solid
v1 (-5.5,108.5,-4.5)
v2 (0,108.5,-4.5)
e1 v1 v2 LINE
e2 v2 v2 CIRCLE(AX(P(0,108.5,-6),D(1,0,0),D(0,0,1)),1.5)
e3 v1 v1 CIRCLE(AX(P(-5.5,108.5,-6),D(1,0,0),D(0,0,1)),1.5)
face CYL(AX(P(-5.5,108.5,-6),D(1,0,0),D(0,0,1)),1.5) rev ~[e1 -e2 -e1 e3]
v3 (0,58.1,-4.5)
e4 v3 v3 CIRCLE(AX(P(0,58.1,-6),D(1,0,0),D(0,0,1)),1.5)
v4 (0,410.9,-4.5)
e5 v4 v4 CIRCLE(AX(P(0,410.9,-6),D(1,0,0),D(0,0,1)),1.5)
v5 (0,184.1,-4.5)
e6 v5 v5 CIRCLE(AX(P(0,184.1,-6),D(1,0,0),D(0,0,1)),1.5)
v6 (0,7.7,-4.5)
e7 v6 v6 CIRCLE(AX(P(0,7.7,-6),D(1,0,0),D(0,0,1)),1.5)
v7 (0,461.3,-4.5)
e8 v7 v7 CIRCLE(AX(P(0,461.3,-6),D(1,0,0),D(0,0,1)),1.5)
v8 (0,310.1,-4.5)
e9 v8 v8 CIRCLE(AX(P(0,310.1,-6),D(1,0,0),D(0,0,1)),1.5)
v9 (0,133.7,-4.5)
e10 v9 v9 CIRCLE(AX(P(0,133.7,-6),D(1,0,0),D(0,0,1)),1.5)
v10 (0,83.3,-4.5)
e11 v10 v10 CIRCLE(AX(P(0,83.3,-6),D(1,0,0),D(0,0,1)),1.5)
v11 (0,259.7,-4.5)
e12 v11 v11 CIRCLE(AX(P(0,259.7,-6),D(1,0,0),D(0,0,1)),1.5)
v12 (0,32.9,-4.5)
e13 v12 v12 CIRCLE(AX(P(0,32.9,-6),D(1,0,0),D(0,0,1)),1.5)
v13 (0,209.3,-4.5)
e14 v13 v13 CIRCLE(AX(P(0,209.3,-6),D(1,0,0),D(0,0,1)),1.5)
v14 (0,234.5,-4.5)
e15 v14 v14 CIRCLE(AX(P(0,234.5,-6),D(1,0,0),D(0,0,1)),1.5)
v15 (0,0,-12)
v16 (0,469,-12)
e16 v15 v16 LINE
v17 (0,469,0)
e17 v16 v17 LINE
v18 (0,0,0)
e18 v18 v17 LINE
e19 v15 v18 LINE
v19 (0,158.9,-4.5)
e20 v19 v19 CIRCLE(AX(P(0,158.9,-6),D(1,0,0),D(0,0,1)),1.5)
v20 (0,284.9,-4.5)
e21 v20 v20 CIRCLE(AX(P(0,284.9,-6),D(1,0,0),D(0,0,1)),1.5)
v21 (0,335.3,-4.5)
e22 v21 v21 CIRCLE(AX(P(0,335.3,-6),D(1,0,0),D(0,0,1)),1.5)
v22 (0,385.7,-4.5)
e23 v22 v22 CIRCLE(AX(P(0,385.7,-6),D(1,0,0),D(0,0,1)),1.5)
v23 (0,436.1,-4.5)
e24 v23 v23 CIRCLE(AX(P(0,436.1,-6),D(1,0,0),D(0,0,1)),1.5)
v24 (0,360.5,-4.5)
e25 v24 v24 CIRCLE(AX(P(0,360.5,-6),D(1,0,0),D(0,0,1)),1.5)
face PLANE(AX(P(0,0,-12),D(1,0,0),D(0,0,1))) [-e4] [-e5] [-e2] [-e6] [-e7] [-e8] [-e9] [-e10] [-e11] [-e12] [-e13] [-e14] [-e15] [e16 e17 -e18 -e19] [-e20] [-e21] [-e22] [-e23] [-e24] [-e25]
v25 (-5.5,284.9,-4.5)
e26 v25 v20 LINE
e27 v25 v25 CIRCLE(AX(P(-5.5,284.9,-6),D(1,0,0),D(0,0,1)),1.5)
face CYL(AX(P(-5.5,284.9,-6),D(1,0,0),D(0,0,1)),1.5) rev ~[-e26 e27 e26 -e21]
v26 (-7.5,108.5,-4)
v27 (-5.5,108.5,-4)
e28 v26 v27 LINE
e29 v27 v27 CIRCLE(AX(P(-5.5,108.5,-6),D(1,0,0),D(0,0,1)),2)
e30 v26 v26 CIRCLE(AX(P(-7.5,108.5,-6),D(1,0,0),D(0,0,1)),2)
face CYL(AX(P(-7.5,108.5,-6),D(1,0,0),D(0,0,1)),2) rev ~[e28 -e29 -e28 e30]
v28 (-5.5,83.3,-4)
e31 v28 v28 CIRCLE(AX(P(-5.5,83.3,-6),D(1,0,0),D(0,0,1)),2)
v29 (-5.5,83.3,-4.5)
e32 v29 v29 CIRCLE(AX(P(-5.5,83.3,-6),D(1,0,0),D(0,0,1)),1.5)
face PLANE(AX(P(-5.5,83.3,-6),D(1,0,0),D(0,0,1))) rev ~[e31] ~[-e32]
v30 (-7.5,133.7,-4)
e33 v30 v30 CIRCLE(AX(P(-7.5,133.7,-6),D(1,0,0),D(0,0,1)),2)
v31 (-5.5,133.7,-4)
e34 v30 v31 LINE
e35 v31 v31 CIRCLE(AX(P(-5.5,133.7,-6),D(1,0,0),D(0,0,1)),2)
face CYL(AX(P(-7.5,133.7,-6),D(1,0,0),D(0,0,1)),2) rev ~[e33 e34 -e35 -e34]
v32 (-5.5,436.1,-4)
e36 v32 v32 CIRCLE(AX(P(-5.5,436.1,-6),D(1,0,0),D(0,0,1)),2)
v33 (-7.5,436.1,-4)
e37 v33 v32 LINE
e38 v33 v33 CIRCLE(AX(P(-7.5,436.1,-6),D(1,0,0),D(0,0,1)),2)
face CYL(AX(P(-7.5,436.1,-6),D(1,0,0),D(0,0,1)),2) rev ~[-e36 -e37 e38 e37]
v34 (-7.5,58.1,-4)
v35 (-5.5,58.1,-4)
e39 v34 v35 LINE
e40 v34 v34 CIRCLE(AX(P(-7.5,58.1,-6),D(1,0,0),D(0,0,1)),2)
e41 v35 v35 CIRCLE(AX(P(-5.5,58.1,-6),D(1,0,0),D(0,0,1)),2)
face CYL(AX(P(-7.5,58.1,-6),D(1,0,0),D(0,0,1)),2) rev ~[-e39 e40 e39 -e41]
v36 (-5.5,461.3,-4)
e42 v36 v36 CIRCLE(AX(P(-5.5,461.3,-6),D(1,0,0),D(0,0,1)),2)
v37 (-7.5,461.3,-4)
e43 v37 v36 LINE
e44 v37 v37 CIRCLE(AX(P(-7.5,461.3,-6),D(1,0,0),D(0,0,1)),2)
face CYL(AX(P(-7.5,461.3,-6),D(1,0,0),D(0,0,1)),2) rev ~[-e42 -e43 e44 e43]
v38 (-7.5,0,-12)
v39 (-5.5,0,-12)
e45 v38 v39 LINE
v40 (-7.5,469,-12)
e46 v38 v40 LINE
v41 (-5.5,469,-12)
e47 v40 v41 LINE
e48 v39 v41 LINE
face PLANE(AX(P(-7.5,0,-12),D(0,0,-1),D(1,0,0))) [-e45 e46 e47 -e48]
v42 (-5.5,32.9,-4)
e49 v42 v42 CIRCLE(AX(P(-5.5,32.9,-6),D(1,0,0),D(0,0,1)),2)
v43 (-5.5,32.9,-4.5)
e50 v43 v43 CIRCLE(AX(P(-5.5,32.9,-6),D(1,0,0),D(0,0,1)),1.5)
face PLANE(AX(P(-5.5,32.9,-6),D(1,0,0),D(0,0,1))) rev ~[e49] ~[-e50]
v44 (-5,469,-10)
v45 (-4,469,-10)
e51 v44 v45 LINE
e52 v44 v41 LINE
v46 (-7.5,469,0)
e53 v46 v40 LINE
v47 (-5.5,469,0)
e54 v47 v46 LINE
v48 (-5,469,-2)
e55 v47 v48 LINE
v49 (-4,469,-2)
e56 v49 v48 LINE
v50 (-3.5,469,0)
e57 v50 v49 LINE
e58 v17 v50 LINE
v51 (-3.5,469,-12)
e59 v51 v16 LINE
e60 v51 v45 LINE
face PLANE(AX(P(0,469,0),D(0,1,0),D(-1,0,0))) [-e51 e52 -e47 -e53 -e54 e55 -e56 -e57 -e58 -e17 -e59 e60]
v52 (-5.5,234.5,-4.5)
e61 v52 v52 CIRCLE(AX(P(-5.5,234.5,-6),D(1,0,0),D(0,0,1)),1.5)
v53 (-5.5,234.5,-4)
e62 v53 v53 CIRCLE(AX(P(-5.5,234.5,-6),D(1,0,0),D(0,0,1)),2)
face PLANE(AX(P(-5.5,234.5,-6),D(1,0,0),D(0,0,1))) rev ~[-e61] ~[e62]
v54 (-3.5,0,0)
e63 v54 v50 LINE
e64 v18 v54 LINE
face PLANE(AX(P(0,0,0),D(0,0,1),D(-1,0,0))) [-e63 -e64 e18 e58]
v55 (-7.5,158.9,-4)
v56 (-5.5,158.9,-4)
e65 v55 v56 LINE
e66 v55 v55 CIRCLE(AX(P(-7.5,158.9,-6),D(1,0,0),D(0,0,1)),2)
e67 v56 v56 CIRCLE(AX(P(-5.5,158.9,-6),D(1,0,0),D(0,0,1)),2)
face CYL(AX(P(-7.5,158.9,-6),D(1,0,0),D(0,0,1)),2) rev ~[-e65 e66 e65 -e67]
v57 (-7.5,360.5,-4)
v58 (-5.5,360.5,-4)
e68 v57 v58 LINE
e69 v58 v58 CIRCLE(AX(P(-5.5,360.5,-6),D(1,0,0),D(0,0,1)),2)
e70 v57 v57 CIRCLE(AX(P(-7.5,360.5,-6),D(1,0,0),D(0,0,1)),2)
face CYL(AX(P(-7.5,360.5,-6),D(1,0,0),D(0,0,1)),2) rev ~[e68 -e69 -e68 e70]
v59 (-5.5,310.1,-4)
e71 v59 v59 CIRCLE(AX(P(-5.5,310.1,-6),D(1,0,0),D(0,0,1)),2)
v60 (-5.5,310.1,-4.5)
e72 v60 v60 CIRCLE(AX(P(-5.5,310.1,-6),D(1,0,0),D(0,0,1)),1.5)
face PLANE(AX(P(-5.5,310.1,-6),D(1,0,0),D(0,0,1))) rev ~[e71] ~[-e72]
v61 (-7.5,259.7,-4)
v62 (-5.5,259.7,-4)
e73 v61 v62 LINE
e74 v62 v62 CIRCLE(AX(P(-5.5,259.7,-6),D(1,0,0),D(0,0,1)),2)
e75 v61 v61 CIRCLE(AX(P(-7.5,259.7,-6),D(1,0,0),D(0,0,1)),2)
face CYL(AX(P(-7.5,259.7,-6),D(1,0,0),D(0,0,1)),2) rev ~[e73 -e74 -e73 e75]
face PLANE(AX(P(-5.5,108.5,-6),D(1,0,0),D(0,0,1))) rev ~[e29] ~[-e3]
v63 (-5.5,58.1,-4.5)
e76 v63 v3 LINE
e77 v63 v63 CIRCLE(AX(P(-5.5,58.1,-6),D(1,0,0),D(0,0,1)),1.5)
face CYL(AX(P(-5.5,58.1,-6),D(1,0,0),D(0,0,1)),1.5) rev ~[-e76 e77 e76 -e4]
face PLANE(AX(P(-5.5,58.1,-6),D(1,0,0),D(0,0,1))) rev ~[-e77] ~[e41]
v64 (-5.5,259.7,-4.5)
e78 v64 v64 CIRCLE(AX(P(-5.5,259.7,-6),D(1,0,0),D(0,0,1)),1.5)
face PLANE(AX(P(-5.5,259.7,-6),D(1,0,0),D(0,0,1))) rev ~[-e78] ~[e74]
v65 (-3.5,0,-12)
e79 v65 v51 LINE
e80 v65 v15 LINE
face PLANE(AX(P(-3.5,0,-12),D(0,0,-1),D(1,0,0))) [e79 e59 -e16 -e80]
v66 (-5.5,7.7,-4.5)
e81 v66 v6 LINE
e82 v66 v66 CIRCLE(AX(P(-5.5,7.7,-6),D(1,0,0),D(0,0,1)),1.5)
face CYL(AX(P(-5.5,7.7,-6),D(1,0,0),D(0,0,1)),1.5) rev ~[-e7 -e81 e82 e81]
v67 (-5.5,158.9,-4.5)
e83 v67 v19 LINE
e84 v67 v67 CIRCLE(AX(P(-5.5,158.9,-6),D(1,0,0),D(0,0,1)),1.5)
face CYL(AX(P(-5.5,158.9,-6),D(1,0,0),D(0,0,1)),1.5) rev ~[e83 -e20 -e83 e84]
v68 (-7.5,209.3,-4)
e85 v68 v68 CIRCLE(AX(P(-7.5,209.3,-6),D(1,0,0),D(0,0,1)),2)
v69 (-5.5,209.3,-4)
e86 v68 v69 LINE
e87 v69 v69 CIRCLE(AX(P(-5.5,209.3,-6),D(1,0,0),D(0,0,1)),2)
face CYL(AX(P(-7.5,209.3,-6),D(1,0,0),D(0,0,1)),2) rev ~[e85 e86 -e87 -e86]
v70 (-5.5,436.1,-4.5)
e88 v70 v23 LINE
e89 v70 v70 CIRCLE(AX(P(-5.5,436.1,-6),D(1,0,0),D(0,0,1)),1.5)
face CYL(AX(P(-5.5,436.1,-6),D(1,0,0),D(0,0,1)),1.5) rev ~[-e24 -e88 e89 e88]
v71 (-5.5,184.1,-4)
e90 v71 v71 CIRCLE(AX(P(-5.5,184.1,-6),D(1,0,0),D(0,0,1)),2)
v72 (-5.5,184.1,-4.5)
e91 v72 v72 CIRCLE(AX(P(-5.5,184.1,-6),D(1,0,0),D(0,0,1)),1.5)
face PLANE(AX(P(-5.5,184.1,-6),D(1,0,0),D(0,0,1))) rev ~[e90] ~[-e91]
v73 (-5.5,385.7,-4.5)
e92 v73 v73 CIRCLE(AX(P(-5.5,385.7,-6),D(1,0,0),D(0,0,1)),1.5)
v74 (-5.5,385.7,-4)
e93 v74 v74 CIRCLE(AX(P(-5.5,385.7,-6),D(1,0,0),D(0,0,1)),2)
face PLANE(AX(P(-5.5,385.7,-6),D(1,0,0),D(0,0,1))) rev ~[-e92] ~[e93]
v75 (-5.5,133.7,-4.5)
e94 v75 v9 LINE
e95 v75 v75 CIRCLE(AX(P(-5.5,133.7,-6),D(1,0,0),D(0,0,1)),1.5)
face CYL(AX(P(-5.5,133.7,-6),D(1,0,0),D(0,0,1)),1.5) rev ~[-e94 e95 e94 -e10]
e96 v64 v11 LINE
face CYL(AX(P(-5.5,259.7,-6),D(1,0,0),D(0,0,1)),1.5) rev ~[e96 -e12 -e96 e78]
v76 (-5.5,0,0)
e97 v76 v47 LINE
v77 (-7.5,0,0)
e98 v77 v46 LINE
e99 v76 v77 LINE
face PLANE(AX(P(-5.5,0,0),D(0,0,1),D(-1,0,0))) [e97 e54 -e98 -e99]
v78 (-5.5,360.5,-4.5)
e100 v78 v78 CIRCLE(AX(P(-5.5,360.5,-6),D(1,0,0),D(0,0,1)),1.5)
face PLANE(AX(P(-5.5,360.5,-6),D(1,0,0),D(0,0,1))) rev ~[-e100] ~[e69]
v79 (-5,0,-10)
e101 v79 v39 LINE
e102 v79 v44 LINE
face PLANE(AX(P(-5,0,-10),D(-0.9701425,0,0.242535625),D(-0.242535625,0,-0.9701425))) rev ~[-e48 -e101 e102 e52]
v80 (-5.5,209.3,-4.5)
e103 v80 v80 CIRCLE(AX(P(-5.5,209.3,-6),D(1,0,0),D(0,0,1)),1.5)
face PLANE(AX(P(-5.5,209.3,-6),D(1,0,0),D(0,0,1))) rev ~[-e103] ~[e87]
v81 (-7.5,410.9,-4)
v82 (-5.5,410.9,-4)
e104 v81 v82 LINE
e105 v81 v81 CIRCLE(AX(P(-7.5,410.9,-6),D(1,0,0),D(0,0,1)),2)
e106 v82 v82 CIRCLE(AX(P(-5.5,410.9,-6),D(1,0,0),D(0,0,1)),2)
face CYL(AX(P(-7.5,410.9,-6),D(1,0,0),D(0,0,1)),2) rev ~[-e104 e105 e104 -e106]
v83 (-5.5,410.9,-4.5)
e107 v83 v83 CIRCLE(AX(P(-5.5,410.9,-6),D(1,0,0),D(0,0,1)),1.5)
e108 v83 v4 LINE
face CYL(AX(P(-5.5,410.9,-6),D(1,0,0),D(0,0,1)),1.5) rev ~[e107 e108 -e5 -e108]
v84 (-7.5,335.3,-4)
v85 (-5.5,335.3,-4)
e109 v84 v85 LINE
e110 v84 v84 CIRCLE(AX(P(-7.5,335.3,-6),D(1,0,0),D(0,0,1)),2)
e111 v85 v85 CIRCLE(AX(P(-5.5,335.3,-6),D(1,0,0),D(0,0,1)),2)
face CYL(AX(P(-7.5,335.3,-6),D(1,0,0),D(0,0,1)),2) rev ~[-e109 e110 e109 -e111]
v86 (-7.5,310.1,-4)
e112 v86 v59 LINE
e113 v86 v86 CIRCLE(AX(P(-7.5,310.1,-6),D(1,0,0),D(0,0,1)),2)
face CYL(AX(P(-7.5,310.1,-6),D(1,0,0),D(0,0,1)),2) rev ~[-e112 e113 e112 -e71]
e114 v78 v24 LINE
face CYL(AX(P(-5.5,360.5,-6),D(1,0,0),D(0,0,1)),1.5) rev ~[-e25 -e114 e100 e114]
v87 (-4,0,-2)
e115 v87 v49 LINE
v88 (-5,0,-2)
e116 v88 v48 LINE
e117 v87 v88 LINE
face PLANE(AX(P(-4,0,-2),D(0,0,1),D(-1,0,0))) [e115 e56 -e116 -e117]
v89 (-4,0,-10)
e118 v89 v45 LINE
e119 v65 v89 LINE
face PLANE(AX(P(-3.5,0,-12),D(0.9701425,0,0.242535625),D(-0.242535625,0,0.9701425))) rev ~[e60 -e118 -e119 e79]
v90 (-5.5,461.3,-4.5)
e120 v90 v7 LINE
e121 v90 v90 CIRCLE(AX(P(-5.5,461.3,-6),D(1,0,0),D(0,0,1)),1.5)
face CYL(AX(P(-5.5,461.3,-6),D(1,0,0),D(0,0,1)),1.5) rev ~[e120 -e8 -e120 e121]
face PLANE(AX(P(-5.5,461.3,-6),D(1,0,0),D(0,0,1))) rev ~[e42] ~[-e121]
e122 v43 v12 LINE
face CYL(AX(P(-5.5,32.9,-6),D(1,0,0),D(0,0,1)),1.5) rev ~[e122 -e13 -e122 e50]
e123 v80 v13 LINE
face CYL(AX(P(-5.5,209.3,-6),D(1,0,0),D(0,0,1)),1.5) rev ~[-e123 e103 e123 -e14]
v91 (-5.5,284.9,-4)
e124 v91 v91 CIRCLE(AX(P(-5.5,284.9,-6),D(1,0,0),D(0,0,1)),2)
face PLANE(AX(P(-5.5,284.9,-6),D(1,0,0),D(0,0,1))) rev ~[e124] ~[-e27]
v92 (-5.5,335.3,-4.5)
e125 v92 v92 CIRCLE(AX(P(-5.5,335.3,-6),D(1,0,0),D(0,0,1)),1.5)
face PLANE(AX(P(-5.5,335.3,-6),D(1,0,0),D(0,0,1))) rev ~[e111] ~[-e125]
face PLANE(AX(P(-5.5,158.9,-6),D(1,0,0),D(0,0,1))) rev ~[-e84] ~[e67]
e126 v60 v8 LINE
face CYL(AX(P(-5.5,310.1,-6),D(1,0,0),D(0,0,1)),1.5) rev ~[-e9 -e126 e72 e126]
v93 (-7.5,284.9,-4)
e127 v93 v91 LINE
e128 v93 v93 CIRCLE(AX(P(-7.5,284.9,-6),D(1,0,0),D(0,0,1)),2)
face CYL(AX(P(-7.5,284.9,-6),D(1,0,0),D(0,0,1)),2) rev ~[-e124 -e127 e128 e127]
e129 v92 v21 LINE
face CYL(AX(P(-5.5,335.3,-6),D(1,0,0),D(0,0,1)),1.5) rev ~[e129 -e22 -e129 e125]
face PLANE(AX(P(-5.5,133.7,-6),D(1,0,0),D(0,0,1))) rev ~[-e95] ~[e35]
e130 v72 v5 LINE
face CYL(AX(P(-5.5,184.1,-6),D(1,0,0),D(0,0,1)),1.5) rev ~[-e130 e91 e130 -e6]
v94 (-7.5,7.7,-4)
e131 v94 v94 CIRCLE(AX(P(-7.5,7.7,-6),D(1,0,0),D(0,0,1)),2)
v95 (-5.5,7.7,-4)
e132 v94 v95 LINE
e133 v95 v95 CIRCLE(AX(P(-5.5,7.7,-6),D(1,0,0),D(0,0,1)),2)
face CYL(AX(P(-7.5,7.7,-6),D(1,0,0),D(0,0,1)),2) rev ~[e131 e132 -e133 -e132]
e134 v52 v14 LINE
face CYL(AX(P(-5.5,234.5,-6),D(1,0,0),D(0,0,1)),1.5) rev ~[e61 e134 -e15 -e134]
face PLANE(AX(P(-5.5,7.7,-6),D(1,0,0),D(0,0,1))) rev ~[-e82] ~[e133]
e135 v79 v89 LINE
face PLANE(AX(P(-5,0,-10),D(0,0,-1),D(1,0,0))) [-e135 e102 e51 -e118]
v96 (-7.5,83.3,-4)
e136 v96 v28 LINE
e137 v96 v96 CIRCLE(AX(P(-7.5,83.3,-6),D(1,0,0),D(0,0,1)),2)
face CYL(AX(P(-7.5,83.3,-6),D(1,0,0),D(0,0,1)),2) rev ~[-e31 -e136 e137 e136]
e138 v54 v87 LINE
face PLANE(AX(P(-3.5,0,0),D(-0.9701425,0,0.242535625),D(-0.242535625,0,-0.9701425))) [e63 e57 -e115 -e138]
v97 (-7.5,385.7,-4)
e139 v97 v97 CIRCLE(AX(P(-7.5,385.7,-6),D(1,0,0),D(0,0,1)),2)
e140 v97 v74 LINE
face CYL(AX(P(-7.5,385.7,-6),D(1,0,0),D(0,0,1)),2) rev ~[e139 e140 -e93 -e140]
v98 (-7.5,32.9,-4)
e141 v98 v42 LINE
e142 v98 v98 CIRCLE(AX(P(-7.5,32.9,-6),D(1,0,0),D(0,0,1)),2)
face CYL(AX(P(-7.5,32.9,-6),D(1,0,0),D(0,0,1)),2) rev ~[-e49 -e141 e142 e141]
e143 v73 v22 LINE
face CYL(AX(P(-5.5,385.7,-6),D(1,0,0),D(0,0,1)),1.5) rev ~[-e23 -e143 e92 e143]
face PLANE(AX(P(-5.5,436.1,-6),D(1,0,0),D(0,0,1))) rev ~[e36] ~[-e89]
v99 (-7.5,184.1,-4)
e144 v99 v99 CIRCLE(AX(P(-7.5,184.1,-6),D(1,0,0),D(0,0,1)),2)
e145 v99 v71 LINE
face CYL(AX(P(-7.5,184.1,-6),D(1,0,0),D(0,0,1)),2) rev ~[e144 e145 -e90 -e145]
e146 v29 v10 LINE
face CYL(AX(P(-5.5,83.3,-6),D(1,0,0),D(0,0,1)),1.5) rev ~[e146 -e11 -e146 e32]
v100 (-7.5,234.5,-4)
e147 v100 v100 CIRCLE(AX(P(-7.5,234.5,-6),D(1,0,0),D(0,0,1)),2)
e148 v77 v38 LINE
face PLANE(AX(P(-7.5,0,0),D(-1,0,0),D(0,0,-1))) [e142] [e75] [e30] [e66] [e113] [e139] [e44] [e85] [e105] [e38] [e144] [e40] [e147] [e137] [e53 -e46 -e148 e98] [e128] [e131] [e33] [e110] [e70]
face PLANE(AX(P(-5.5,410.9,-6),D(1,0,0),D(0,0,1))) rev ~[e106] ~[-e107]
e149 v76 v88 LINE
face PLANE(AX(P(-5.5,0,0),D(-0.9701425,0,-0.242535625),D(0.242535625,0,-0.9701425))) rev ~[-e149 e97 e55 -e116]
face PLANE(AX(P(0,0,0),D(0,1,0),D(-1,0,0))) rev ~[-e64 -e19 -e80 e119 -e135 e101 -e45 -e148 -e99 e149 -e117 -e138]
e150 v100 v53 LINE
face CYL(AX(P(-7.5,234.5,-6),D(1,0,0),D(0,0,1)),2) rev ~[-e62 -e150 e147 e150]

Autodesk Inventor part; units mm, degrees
ref_plane "YZ Plane" through (0, 0, 0) normal (1, 0, 0) x (0, 1, 0)
ref_plane "XZ Plane" through (0, 0, 0) normal (0, 1, 0) x (-1, 0, 0)
ref_plane "XY Plane" through (0, 0, 0) normal (0, 0, 1) x (1, 0, 0)
sketch "Esboço1" plane through (0, 0, 0) normal (0, 1, 0) x (-1, 0, 0)
  line L0 (0, 0) -> (3.5, 0)
  line L1 (4, -2) -> (5, -2)
  line L2 (5.5, 0) -> (7.5, 0)
  line L3 (7.5, 0) -> (7.5, -12)
  line L4 (7.5, -12) -> (5.5, -12)
  line L5 (5, -10) -> (4, -10)
  line L6 (3.5, -12) -> (0, -12)
  line L7 (0, -12) -> (0, 0)
  line L8 (5.5, 0) -> (5, -2)
  line L9 (3.5, 0) -> (4, -2)
  line L10 (5, -10) -> (5.5, -12)
  line L11 (3.5, -12) -> (4, -10)
  dimension "d0" = 7.5
  dimension "d1" = 12
  dimension "d2" = 8
  dimension "d3" = 1
  dimension "d4" = 3.5
  dimension "d5" = 0.5
extrude "Extrusão1" add sketch "Esboço1" along normal blind 469
sketch "Esboço2" plane through (-7.5, 0, -12) normal (-1, 0, 0) x (0, 0, 1)
  line L0 (0, 0) -> (0, 469) projected
  line L1 (0, 0) -> (12, 0) projected
  line L2 (12, 0) -> (12, 469) projected
  line L3 (12, 0) -> (0, 0) projected
  point P0 (6, 7.7)
  point P1 (6, 32.9)
  point P2 (6, 58.1)
  point P3 (6, 83.3)
  point P4 (6, 108.5)
  point P5 (6, 133.7)
  point P6 (6, 158.9)
  point P7 (6, 184.1)
  point P8 (6, 209.3)
  point P9 (6, 234.5)
  point P10 (6, 259.7)
  point P11 (6, 284.9)
  point P12 (6, 310.1)
  point P13 (6, 335.3)
  point P14 (6, 360.5)
  point P15 (6, 385.7)
  point P16 (6, 410.9)
  point P17 (6, 436.1)
  point P18 (6, 0)
  point P19 (6, 461.3)
  point P20 (6, 0)
  dimension "d10" = 25.2
  dimension "d18" = 6
  dimension "d27" = 453.6
  dimension "d28" = 469
  dimension "d29" = 7.7
hole "Furo1" at (-7.5, 7.7, -6) at (-7.5, 32.9, -6) at (-7.5, 58.1, -6) at (-7.5, 83.3, -6) at (-7.5, 108.5, -6) at (-7.5, 133.7, -6) at (-7.5, 158.9, -6) at (-7.5, 184.1, -6) at (-7.5, 209.3, -6) at (-7.5, 234.5, -6) at (-7.5, 259.7, -6) at (-7.5, 284.9, -6) at (-7.5, 310.1, -6) at (-7.5, 335.3, -6) at (-7.5, 360.5, -6) at (-7.5, 385.7, -6) at (-7.5, 410.9, -6) at (-7.5, 436.1, -6) at (-7.5, 461.3, -6) direction (1, 0, 0) diameter 3 depth 7.5 counterbore diameter 4 counterbore depth 2
equation "\"d29\" = -0.5 * d27 + 0.5 * d28"
equation "\"d24\" = Espessura"
equation "\"Raio_vergadura\" = Espessura"
equation "\"Largura_alívio_de_vergadura\" = Espessura"
equation "\"Profundidade_alívio_de_vergadura\" = 0.5 * Espessura"
equation "\"Tamanho_alívio_de_dobra\" = 4 * Espessura"
equation "\"Remanescente_mínimo\" = 2 * Espessura"
equation "\"Raiodetransição\" = Raio_vergadura"
equation "\"Tamanho_de_raio_de_Jacobi\" = Raio_vergadura"
equation "\"TamanhoFolga\" = Espessura"
equation "\"Espessura\" = 0.5"
properties part number "Trilho" material "Aço inoxidável"
